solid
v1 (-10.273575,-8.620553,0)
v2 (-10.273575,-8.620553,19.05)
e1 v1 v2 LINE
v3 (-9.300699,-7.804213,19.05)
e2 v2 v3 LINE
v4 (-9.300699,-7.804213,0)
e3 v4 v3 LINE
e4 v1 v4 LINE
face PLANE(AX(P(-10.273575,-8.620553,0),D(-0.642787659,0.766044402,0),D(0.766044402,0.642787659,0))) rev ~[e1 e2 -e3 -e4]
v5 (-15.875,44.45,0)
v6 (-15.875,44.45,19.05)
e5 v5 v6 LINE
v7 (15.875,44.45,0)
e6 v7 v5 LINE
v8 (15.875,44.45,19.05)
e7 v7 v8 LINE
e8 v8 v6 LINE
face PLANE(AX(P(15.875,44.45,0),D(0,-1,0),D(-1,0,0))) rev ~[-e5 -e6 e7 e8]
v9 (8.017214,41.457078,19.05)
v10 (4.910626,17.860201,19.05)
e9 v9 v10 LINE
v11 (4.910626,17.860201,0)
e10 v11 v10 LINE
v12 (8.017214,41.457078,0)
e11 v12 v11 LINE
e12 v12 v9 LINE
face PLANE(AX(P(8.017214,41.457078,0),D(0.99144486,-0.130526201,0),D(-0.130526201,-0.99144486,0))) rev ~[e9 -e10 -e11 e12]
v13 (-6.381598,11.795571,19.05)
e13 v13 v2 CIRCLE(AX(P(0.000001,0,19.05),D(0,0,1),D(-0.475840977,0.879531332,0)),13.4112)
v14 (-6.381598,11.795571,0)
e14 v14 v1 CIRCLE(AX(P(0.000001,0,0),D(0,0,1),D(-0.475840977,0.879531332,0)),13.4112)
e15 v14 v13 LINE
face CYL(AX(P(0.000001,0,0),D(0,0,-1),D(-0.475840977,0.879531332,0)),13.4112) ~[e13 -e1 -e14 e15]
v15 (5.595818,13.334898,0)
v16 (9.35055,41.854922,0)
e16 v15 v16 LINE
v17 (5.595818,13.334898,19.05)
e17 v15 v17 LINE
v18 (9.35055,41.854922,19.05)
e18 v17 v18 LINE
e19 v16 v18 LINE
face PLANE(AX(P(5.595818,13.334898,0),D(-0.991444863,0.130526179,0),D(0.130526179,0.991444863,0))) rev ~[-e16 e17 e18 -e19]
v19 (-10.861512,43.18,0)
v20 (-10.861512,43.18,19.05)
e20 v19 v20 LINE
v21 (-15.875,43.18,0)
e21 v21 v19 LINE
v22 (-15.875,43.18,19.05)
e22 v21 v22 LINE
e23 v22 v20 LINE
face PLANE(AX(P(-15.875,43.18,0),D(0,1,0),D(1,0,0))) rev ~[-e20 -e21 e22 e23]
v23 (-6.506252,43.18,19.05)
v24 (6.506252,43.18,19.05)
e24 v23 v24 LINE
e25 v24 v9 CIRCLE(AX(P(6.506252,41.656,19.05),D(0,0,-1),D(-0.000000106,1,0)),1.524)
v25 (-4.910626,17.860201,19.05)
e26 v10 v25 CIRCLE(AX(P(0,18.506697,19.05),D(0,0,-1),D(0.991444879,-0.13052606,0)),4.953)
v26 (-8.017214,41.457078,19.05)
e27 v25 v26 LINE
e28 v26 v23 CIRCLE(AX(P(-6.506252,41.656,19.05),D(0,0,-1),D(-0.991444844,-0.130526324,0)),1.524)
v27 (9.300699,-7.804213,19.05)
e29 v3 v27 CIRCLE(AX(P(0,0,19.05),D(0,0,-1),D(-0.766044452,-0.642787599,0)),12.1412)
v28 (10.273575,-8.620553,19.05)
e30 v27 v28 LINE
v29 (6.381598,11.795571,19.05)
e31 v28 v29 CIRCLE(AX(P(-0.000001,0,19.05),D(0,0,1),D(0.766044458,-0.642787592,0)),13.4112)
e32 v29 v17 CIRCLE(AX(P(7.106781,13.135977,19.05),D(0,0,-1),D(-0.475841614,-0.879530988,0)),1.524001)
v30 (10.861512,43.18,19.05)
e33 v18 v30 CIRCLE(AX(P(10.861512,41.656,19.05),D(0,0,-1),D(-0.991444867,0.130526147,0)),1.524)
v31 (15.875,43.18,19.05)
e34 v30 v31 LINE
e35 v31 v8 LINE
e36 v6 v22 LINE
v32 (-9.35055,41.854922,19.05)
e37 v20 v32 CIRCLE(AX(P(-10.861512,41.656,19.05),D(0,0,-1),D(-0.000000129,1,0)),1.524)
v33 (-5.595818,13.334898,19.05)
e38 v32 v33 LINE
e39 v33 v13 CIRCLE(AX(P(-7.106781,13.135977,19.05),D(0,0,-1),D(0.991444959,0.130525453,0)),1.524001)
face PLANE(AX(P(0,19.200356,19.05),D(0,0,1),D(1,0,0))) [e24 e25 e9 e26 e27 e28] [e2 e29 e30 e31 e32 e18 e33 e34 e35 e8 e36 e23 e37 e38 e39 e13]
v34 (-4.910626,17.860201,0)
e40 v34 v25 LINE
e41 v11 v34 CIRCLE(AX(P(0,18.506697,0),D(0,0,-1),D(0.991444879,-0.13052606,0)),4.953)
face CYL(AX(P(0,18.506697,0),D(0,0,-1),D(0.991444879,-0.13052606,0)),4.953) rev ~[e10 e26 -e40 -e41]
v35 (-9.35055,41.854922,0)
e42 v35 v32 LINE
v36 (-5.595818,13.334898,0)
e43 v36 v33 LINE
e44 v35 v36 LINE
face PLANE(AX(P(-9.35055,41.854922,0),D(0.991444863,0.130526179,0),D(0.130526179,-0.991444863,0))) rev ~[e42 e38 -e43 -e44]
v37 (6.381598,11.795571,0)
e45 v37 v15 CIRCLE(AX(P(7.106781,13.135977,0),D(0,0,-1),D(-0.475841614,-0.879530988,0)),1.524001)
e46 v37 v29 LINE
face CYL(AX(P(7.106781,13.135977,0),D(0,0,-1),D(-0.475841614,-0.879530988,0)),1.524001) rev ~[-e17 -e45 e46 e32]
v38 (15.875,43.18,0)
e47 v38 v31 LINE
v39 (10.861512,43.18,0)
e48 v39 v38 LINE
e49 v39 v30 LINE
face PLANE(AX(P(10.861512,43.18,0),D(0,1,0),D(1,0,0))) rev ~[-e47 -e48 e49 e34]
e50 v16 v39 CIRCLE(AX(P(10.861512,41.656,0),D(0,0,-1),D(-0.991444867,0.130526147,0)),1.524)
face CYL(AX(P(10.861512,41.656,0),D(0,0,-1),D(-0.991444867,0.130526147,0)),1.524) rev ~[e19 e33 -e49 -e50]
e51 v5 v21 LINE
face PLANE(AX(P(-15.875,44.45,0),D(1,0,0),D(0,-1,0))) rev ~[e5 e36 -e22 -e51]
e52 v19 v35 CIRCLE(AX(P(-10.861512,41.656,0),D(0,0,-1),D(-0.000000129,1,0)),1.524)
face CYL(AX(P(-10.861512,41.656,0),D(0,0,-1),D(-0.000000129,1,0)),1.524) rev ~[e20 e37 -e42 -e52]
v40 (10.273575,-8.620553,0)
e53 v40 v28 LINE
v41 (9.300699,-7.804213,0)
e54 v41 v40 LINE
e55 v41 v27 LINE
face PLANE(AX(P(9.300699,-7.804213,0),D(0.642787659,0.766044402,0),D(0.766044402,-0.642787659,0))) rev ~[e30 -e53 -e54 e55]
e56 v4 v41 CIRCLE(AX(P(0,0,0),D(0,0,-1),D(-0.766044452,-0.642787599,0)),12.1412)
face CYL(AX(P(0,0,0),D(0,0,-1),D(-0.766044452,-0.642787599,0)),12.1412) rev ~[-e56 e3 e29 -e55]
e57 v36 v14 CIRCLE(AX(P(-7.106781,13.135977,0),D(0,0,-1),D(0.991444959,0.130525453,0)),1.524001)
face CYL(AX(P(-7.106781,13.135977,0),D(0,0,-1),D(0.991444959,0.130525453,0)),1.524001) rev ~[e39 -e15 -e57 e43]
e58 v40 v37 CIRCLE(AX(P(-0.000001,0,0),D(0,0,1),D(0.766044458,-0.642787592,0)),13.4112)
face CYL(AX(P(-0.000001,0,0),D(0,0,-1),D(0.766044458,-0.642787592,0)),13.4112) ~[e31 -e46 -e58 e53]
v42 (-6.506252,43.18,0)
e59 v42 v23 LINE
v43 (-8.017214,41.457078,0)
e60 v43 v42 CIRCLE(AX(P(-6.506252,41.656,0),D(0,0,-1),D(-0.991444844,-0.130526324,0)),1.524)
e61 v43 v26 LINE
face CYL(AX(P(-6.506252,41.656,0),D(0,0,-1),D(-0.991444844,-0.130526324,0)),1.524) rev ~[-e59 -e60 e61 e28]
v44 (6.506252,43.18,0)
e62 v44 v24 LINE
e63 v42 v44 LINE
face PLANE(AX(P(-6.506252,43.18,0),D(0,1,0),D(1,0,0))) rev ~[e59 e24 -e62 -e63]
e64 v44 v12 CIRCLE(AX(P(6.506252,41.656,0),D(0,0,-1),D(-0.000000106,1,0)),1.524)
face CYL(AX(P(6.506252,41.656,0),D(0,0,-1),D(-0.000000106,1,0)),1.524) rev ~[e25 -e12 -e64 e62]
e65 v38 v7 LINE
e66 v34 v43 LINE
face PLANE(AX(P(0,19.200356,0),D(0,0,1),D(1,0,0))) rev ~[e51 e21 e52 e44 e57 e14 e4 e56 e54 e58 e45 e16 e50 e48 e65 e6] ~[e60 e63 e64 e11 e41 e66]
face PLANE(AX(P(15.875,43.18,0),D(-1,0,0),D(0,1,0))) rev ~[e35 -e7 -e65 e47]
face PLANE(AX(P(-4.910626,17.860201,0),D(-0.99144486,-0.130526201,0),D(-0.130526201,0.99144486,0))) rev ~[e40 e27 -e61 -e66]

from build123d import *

# Parameters (mm, degrees)
F1_DEPTH = 19.05


with BuildPart() as f1:
    # F0 (on Top) → F1 (new body)
    with BuildSketch(Plane.XY):
        with BuildLine():
            ThreePointArc((-9.300699, -7.804213), (0, 12.1412), (9.300699, -7.804213))
            Line((9.300699, -7.804213), (10.273575, -8.620553))
            ThreePointArc((10.273575, -8.620553), (13.17396, 2.511385), (6.381598, 11.795571))
            ThreePointArc((6.381598, 11.795571), (5.749405, 12.443078), (5.595818, 13.334898))
            Line((5.595818, 13.334898), (9.35055, 41.854922))
            ThreePointArc((9.35055, 41.854922), (9.856669, 42.801804), (10.861512, 43.18))
            Line((10.861512, 43.18), (15.875, 43.18))
            Line((15.875, 43.18), (15.875, 44.45))
            Line((15.875, 44.45), (-15.875, 44.45))
            Line((-15.875, 44.45), (-15.875, 43.18))
            Line((-15.875, 43.18), (-10.861512, 43.18))
            ThreePointArc((-10.861512, 43.18), (-9.856669, 42.801804), (-9.35055, 41.854922))
            Line((-9.35055, 41.854922), (-5.595818, 13.334898))
            ThreePointArc((-5.595818, 13.334898), (-5.749405, 12.443078), (-6.381598, 11.795571))
            ThreePointArc((-6.381598, 11.795571), (-13.17396, 2.511385), (-10.273575, -8.620553))
            Line((-10.273575, -8.620553), (-9.300699, -7.804213))
        make_face()
        with BuildLine():
            ThreePointArc((-8.017214, 41.457078), (-7.652056, 42.660843), (-6.506252, 43.18))
            Line((-6.506252, 43.18), (6.506252, 43.18))
            ThreePointArc((6.506252, 43.18), (7.652056, 42.660843), (8.017214, 41.457078))
            Line((8.017214, 41.457078), (4.910626, 17.860201))
            ThreePointArc((4.910626, 17.860201), (0, 13.553697), (-4.910626, 17.860201))
            Line((-4.910626, 17.860201), (-8.017214, 41.457078))
        make_face(mode=Mode.SUBTRACT)
    extrude(amount=F1_DEPTH)


solid = f1.part
